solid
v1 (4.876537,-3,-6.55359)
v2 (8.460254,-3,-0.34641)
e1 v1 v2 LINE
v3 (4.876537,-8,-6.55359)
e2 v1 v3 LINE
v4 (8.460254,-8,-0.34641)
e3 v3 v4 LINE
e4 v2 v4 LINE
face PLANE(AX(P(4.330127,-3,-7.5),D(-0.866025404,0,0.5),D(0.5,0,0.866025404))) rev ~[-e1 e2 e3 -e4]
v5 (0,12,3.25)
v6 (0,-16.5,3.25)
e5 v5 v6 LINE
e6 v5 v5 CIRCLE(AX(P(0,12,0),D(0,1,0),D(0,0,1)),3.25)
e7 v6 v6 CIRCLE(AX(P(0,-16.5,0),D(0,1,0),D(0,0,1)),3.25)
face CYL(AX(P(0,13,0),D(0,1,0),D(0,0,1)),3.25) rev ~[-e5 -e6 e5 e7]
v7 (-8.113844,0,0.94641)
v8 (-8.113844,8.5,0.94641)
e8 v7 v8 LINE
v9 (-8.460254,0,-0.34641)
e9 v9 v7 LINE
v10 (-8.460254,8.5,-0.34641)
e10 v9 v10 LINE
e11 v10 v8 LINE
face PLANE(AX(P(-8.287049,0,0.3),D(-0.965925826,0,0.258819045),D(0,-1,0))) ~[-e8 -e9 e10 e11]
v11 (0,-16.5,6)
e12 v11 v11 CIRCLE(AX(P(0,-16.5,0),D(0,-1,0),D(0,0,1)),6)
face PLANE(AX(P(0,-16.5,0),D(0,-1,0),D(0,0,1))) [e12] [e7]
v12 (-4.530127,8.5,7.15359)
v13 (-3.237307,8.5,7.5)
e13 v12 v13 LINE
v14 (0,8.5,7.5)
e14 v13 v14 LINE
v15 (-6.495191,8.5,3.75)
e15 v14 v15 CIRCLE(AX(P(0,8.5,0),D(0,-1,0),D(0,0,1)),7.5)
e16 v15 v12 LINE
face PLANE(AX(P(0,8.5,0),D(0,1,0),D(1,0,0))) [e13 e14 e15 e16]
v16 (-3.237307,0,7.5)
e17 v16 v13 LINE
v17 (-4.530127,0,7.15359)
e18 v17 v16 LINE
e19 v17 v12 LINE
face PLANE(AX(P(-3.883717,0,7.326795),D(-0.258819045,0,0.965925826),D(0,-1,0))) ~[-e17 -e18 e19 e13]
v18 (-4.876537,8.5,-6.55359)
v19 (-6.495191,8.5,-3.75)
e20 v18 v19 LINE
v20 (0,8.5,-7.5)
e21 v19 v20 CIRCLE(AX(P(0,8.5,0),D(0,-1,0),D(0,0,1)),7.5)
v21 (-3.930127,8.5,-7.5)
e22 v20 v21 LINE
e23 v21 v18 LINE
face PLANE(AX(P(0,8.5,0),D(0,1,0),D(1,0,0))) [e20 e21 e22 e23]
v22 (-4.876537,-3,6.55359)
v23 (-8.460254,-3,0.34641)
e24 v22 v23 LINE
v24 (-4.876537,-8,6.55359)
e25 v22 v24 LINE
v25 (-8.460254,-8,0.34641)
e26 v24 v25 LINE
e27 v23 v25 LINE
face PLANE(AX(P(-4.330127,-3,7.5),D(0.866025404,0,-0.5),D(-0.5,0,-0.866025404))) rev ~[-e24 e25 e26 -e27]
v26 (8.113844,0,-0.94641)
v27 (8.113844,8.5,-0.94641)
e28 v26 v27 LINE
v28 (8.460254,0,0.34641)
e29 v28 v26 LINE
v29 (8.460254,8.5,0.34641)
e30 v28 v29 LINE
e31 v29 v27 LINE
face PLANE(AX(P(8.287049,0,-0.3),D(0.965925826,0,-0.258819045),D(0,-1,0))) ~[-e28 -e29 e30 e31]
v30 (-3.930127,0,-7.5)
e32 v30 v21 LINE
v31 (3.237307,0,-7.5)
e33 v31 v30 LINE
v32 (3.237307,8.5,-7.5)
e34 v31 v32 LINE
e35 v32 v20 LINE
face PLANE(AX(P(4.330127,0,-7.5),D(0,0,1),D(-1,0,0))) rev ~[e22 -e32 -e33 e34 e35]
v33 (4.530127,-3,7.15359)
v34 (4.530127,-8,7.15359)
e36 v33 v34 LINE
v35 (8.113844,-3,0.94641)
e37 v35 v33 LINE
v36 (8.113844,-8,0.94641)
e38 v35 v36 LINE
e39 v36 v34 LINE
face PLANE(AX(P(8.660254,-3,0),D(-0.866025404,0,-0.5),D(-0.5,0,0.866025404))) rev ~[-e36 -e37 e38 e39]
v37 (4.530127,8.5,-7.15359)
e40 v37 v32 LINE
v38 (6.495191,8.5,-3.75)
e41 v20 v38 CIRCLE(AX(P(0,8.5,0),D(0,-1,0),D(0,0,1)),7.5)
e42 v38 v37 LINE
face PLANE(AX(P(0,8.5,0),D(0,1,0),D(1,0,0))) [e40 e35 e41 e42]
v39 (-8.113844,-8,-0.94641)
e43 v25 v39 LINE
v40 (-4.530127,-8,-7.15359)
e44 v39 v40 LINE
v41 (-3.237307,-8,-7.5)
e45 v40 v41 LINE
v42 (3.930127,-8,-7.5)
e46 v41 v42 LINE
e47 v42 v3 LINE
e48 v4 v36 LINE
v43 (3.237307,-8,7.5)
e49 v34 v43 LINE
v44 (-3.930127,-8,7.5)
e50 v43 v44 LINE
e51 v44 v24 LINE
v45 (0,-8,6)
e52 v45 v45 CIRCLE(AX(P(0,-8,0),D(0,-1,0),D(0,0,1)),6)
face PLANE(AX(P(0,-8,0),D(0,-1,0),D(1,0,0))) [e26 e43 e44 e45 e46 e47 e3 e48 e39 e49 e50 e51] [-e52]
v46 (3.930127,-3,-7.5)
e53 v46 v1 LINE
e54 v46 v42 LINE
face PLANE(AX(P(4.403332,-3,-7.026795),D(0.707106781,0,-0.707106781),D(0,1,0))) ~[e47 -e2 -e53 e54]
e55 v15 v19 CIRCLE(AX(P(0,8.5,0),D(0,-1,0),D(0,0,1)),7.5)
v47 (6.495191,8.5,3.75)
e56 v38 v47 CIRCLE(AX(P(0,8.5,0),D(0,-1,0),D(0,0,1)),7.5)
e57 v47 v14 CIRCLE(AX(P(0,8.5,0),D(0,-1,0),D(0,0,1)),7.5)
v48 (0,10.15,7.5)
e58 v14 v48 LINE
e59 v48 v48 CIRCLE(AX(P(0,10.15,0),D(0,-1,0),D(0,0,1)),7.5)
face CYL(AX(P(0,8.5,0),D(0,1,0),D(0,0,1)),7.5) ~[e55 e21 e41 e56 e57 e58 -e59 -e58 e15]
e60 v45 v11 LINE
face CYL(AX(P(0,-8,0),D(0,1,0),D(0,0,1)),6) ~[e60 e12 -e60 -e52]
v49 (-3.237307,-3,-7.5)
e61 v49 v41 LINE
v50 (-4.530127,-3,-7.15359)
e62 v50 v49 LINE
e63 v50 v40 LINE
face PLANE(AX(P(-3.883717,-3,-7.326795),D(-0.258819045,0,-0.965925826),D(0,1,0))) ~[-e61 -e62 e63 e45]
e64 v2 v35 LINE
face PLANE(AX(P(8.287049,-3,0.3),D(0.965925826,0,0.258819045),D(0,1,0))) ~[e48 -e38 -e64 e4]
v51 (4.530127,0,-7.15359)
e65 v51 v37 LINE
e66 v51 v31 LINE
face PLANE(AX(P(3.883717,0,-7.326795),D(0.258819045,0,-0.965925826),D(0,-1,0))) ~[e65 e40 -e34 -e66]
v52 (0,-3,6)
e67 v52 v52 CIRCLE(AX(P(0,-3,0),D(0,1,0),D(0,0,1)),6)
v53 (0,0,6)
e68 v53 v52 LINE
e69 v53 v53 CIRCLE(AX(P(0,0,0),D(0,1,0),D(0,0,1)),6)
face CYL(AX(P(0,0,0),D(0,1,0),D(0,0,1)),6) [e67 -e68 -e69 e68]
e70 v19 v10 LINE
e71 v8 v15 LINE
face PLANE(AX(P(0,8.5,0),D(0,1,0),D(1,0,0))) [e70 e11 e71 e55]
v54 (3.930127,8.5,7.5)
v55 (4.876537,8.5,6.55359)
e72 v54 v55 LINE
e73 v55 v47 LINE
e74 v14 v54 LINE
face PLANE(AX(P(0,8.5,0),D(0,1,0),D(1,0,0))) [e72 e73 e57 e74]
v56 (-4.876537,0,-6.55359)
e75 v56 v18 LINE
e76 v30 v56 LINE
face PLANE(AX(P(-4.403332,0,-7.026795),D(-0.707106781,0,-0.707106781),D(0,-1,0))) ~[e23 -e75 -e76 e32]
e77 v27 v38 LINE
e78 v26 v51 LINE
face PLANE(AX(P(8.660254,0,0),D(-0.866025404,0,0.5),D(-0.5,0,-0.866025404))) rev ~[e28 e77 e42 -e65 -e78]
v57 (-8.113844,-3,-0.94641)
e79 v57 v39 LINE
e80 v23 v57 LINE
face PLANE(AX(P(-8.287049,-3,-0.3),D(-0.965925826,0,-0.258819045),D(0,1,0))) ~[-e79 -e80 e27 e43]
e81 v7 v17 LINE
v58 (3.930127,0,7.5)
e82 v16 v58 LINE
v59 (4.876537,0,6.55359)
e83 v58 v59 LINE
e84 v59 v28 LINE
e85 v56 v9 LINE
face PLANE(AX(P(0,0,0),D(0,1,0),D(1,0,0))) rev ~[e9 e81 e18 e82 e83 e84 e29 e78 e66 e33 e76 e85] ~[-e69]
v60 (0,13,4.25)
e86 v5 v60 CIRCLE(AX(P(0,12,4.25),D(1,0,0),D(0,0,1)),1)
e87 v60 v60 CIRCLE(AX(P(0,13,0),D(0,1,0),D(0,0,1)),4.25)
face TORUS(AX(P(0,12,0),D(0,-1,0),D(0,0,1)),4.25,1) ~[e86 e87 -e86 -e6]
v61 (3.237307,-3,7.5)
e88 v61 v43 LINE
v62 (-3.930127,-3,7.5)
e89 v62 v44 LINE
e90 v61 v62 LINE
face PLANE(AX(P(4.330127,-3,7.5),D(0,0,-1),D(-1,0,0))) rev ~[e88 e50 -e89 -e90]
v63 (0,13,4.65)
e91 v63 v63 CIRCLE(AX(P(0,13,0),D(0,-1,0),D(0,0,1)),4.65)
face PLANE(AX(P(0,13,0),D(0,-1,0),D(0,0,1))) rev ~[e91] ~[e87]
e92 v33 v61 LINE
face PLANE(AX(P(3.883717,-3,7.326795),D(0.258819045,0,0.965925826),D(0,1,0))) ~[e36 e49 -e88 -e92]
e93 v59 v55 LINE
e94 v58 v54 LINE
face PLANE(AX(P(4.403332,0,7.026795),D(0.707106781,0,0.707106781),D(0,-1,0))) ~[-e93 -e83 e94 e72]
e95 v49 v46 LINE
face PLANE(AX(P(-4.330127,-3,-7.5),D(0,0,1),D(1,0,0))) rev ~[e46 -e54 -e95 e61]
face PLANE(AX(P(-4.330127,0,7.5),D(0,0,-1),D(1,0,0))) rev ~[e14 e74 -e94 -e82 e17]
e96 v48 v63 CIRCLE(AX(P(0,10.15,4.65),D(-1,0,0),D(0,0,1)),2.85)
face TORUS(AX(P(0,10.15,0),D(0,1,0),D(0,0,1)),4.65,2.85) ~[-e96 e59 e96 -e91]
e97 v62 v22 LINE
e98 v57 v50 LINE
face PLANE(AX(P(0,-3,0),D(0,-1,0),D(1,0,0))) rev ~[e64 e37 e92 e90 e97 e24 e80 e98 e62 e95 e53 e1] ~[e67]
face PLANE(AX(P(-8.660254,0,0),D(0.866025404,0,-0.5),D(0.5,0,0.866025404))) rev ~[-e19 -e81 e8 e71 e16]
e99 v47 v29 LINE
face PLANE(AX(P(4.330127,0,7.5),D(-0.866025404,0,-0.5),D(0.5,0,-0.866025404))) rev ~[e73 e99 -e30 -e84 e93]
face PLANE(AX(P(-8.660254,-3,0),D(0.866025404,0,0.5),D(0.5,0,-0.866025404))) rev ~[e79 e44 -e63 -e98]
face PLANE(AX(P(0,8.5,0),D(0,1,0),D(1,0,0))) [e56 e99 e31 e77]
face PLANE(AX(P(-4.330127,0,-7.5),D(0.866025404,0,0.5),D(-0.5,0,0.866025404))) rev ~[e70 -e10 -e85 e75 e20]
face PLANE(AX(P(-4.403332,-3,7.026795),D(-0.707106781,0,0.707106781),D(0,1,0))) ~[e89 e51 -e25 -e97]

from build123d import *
from OCP.BRepFilletAPI import BRepFilletAPI_MakeChamfer

# Parameters (mm, degrees)
BOSS_EXTRUDE1_DEPTH = 8.5
SKETCH4_R           = 6
BOSS_EXTRUDE2_DEPTH = 3
BOSS_EXTRUDE3_DEPTH = 5
SKETCH6_R           = 6
BOSS_EXTRUDE4_DEPTH = 8.5
SKETCH3_R           = 3.25
CUT_EXTRUDE1_DEPTH  = 32.646484797
FILLET1_R           = 1
CHAMFER1_SIZE       = 0.4
CHAMFER1_SIZE2      = 1.092820323


with BuildPart() as part:
    # Sketch1 → Boss-Extrude1 (new body)
    with BuildSketch(Plane(origin=(0, 0, 0), x_dir=(1, 0, 0), z_dir=(0, 1, 0))):
        Polygon((8.660254038, 0), (4.330127019, 7.5), (-4.330127019, 7.5), (-8.660254038, 0), (-4.330127019, -7.5), (4.330127019, -7.5), align=None)
    extrude(amount=BOSS_EXTRUDE1_DEPTH)

    # Sketch2 → Revolve1 (revolve)
    with BuildSketch(Plane(origin=(0, 0, 0), x_dir=(0, 0, -1), z_dir=(1, 0, 0))):
        with BuildLine():
            Line((-7.5, 8.5), (-7.5, 10.15))
            ThreePointArc((-7.5, 10.15), (-6.665254326, 12.165254326), (-4.65, 13))
            Line((-4.65, 13), (0, 13))
            Line((0, 13), (0, 8.5))
            Line((0, 8.5), (-7.5, 8.5))
        make_face()
    revolve(axis=Axis((0, 13, 0), (0, -1, 0)))

    # Sketch4 → Boss-Extrude2 (add)
    with BuildSketch(Plane(origin=(0, 0, 0), x_dir=(1, 0, 0), z_dir=(0, 1, 0))):
        with Locations(Location((0, 0, 0), (0, 0, 270))):
            Circle(SKETCH4_R)
    extrude(amount=-BOSS_EXTRUDE2_DEPTH)

    # Sketch5 → Boss-Extrude3 (add)
    with BuildSketch(Plane.XZ.offset(3)):
        Polygon((8.660254038, 0), (4.330127019, 7.5), (-4.330127019, 7.5), (-8.660254038, 0), (-4.330127019, -7.5), (4.330127019, -7.5), align=None)
    extrude(amount=BOSS_EXTRUDE3_DEPTH)

    # Sketch6 → Boss-Extrude4 (add)
    with BuildSketch(Plane.XZ.offset(8)):
        with Locations(Location((0, 0, 0), (0, 0, 90))):
            Circle(SKETCH6_R)
    extrude(amount=BOSS_EXTRUDE4_DEPTH)

    # Sketch3 → Cut-Extrude1 (cut, through all)
    with BuildSketch(Plane(origin=(0, 13, 0), x_dir=(1, 0, 0), z_dir=(0, 1, 0))):
        with Locations(Location((0, 0, 0), (0, 0, 270))):
            Circle(SKETCH3_R)
    extrude(amount=-CUT_EXTRUDE1_DEPTH, mode=Mode.SUBTRACT)

    # Fillet1
    fillet1_edges = [part.edges().sort_by_distance(p)[0] for p in [
        (0, 13, -3.25),
    ]]
    fillet(fillet1_edges, radius=FILLET1_R)

    # Chamfer1: one chamfer whose edges measure the first distance from different faces: ONE call of the kernel's chamfer builder (chamfer() names one face for all edges)
    chamfer1_edges_1 = [part.edges().sort_by_distance(p)[0] for p in [
        (4.330127019, 4.25, 7.5),
    ]]
    chamfer1_side_1 = [part.faces().sort_by_distance(p)[0] for p in [
        (0, 4.25, 7.5),
    ]]
    chamfer1_edges_2 = [part.edges().sort_by_distance(p)[0] for p in [
        (-4.330127019, 4.25, 7.5),
    ]]
    chamfer1_side_2 = [part.faces().sort_by_distance(p)[0] for p in [
        (-6.495190528, 4.25, 3.75),
    ]]
    chamfer1_edges_3 = [part.edges().sort_by_distance(p)[0] for p in [
        (-8.660254038, 4.25, 0),
    ]]
    chamfer1_side_3 = [part.faces().sort_by_distance(p)[0] for p in [
        (-6.495190528, 4.25, -3.75),
    ]]
    chamfer1_edges_4 = [part.edges().sort_by_distance(p)[0] for p in [
        (-4.330127019, 4.25, -7.5),
    ]]
    chamfer1_side_4 = [part.faces().sort_by_distance(p)[0] for p in [
        (0, 4.25, -7.5),
    ]]
    chamfer1_edges_5 = [part.edges().sort_by_distance(p)[0] for p in [
        (4.330127019, 4.25, -7.5),
    ]]
    chamfer1_side_5 = [part.faces().sort_by_distance(p)[0] for p in [
        (6.495190528, 4.25, -3.75),
    ]]
    chamfer1_edges_6 = [part.edges().sort_by_distance(p)[0] for p in [
        (8.660254038, 4.25, 0),
    ]]
    chamfer1_side_6 = [part.faces().sort_by_distance(p)[0] for p in [
        (6.495190528, 4.25, 3.75),
    ]]
    chamfer1_edges_7 = [part.edges().sort_by_distance(p)[0] for p in [
        (4.330127019, -5.5, -7.5),
    ]]
    chamfer1_side_7 = [part.faces().sort_by_distance(p)[0] for p in [
        (0, -5.5, -7.5),
    ]]
    chamfer1_edges_8 = [part.edges().sort_by_distance(p)[0] for p in [
        (8.660254038, -5.5, 0),
    ]]
    chamfer1_side_8 = [part.faces().sort_by_distance(p)[0] for p in [
        (6.495190528, -5.5, -3.75),
    ]]
    chamfer1_edges_9 = [part.edges().sort_by_distance(p)[0] for p in [
        (4.330127019, -5.5, 7.5),
    ]]
    chamfer1_side_9 = [part.faces().sort_by_distance(p)[0] for p in [
        (6.495190528, -5.5, 3.75),
    ]]
    chamfer1_edges_10 = [part.edges().sort_by_distance(p)[0] for p in [
        (-4.330127019, -5.5, 7.5),
    ]]
    chamfer1_side_10 = [part.faces().sort_by_distance(p)[0] for p in [
        (0, -5.5, 7.5),
    ]]
    chamfer1_edges_11 = [part.edges().sort_by_distance(p)[0] for p in [
        (-8.660254038, -5.5, 0),
    ]]
    chamfer1_side_11 = [part.faces().sort_by_distance(p)[0] for p in [
        (-6.495190528, -5.5, 3.75),
    ]]
    chamfer1_edges_12 = [part.edges().sort_by_distance(p)[0] for p in [
        (-4.330127019, -5.5, -7.5),
    ]]
    chamfer1_side_12 = [part.faces().sort_by_distance(p)[0] for p in [
        (-6.495190528, -5.5, -3.75),
    ]]
    chamfer1 = BRepFilletAPI_MakeChamfer(part.part.solid().wrapped)
    for e in chamfer1_edges_1:
        chamfer1.Add(CHAMFER1_SIZE, CHAMFER1_SIZE2, e.wrapped, chamfer1_side_1[0].wrapped)  # the first distance lies on this face
    for e in chamfer1_edges_2:
        chamfer1.Add(CHAMFER1_SIZE, CHAMFER1_SIZE2, e.wrapped, chamfer1_side_2[0].wrapped)  # the first distance lies on this face
    for e in chamfer1_edges_3:
        chamfer1.Add(CHAMFER1_SIZE, CHAMFER1_SIZE2, e.wrapped, chamfer1_side_3[0].wrapped)  # the first distance lies on this face
    for e in chamfer1_edges_4:
        chamfer1.Add(CHAMFER1_SIZE, CHAMFER1_SIZE2, e.wrapped, chamfer1_side_4[0].wrapped)  # the first distance lies on this face
    for e in chamfer1_edges_5:
        chamfer1.Add(CHAMFER1_SIZE, CHAMFER1_SIZE2, e.wrapped, chamfer1_side_5[0].wrapped)  # the first distance lies on this face
    for e in chamfer1_edges_6:
        chamfer1.Add(CHAMFER1_SIZE, CHAMFER1_SIZE2, e.wrapped, chamfer1_side_6[0].wrapped)  # the first distance lies on this face
    for e in chamfer1_edges_7:
        chamfer1.Add(CHAMFER1_SIZE, CHAMFER1_SIZE2, e.wrapped, chamfer1_side_7[0].wrapped)  # the first distance lies on this face
    for e in chamfer1_edges_8:
        chamfer1.Add(CHAMFER1_SIZE, CHAMFER1_SIZE2, e.wrapped, chamfer1_side_8[0].wrapped)  # the first distance lies on this face
    for e in chamfer1_edges_9:
        chamfer1.Add(CHAMFER1_SIZE, CHAMFER1_SIZE2, e.wrapped, chamfer1_side_9[0].wrapped)  # the first distance lies on this face
    for e in chamfer1_edges_10:
        chamfer1.Add(CHAMFER1_SIZE, CHAMFER1_SIZE2, e.wrapped, chamfer1_side_10[0].wrapped)  # the first distance lies on this face
    for e in chamfer1_edges_11:
        chamfer1.Add(CHAMFER1_SIZE, CHAMFER1_SIZE2, e.wrapped, chamfer1_side_11[0].wrapped)  # the first distance lies on this face
    for e in chamfer1_edges_12:
        chamfer1.Add(CHAMFER1_SIZE, CHAMFER1_SIZE2, e.wrapped, chamfer1_side_12[0].wrapped)  # the first distance lies on this face
    add(Compound.cast(chamfer1.Shape()), mode=Mode.REPLACE)


solid = part.part
